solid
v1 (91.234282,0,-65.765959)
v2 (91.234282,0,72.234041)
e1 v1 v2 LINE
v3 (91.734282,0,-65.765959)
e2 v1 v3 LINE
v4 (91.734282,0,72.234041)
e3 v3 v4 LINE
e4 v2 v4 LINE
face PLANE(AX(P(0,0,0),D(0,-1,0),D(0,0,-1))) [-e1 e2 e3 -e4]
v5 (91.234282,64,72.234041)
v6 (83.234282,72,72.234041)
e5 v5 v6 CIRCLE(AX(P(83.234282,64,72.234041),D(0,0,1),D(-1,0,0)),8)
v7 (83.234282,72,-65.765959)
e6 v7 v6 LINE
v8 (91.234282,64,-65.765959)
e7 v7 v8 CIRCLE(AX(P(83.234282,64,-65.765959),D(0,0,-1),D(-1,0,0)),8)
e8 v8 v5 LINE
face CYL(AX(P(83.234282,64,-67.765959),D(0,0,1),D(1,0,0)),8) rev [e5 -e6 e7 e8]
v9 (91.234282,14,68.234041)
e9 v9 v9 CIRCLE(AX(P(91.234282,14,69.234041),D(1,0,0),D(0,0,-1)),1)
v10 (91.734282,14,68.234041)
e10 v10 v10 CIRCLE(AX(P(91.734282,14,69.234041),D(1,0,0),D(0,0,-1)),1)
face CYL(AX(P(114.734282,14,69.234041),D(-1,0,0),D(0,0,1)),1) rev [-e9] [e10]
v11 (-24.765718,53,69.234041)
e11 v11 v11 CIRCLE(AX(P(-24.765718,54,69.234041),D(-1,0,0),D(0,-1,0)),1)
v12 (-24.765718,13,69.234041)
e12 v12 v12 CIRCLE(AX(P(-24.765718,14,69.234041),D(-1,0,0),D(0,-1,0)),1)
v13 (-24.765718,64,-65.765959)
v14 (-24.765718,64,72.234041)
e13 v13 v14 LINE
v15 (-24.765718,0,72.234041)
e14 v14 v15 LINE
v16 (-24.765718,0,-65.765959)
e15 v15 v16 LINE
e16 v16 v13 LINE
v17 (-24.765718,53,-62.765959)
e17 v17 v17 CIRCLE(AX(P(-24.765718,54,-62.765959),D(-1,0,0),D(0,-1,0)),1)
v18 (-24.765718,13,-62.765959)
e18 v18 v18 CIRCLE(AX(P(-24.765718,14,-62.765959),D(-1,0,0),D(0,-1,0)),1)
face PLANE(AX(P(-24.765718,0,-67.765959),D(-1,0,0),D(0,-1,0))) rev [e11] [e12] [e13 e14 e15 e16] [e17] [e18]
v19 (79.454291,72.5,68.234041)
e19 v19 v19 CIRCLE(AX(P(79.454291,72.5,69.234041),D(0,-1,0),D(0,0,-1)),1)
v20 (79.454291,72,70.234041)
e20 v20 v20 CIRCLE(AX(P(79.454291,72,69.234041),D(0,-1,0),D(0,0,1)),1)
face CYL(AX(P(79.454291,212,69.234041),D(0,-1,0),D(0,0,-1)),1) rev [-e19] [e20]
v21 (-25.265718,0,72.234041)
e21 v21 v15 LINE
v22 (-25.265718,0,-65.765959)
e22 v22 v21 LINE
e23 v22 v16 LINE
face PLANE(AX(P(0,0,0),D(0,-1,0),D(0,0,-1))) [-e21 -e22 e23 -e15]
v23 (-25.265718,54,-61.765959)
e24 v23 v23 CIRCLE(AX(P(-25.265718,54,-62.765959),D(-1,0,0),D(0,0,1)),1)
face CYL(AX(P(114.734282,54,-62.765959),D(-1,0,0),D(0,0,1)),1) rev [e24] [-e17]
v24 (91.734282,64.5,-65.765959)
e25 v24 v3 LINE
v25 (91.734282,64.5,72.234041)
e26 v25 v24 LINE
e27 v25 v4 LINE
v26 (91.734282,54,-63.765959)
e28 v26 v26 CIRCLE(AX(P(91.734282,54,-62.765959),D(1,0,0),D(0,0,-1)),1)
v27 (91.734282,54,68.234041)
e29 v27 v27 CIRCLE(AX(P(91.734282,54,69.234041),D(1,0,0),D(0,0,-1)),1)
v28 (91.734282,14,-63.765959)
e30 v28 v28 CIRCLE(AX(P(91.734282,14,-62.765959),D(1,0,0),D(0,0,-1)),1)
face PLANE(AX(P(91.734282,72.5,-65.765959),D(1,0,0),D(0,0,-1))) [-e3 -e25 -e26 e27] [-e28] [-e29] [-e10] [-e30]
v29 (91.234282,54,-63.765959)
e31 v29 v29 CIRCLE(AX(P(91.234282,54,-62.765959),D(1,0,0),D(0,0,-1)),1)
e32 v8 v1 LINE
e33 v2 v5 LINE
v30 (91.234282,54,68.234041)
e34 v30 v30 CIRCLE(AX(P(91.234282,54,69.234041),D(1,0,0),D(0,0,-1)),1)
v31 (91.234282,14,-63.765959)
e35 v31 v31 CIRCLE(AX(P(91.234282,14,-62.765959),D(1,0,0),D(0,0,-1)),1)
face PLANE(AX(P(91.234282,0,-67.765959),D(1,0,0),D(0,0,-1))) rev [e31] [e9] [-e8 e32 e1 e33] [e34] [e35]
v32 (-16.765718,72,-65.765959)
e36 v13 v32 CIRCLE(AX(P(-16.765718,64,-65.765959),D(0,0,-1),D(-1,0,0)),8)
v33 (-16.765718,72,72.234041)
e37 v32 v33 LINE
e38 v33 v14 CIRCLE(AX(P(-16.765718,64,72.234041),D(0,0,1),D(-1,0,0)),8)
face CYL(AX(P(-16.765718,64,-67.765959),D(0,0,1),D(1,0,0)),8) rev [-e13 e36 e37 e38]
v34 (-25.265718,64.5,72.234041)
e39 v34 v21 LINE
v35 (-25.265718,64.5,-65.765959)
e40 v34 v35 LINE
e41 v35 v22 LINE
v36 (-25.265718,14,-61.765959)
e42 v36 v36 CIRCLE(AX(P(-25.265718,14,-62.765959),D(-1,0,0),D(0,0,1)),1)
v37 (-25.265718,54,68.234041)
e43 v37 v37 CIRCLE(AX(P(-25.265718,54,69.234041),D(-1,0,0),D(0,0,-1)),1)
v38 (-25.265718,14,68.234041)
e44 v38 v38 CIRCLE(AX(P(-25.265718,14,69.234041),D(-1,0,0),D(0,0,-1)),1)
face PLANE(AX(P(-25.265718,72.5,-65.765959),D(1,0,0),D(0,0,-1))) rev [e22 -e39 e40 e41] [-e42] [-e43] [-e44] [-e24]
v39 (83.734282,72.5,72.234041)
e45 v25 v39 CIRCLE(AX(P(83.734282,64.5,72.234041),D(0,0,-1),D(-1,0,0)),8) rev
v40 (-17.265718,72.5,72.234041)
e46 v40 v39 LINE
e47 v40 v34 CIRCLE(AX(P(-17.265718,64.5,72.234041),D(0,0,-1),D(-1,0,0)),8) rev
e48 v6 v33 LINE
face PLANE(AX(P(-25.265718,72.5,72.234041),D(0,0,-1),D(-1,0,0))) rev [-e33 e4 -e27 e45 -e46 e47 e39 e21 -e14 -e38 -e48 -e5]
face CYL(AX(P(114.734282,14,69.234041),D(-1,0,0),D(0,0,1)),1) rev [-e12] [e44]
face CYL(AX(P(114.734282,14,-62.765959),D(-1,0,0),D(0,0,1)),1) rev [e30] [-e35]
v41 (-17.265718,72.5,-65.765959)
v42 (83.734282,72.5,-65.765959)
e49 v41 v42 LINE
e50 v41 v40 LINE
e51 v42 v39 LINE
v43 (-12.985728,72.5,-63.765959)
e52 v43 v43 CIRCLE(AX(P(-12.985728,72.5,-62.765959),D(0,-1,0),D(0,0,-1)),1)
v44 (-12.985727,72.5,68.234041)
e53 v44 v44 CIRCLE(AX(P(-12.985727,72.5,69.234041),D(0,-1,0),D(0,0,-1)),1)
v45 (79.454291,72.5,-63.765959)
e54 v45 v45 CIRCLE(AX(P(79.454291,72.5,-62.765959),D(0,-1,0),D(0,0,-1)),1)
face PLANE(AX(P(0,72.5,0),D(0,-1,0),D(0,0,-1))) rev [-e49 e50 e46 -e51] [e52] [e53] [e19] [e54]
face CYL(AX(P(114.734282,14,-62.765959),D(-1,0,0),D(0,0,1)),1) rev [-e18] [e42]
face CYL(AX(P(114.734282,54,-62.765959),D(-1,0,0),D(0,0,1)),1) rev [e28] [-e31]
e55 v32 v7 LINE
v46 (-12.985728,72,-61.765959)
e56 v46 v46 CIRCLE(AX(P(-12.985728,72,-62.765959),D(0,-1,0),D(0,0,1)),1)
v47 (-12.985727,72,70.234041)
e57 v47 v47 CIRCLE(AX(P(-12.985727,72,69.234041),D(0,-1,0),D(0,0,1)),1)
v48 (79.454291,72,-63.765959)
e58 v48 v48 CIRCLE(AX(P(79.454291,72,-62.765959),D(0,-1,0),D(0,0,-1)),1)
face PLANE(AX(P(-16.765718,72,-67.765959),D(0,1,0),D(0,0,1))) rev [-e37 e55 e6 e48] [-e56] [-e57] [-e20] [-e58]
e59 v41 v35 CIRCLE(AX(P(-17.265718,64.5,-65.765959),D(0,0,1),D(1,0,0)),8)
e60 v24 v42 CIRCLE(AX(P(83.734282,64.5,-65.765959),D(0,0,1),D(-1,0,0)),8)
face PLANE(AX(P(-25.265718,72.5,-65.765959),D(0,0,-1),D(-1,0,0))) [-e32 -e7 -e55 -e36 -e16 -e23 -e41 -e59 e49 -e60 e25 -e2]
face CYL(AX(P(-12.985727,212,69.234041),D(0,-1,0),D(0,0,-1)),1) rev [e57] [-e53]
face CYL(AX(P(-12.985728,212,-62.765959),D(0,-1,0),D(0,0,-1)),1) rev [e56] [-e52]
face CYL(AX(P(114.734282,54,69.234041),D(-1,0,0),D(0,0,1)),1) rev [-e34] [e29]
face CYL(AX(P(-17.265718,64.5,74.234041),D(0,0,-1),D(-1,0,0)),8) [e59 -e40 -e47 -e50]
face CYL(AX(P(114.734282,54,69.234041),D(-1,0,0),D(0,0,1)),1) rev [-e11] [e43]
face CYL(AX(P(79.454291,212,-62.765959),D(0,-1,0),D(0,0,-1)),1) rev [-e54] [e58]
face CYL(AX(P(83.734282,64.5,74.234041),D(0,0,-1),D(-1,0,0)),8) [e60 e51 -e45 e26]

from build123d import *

# Parameters (mm, degrees)
SKETCH_1_W          = 117
SKETCH_1_H          = 138
EXTRUDE_1_DEPTH     = 72.5
CUT_EXTRUDE_1_DEPTH = 140
CUT_EXTRUDE_2_DEPTH = 140
SKETCH_6_R          = 1
CUT_EXTRUDE_5_DEPTH = 140
SKETCH_7_R          = 1
CUT_EXTRUDE_7_DEPTH = 140


with BuildPart() as part:
    # Эскиз1 → Бобышка-Вытянуть1 (new body)
    with BuildSketch(Plane(origin=(0, 0, 0), x_dir=(1, 0, 0), z_dir=(0, 1, 0))):
        with Locations((33.234281685, -3.234040823)):
            Rectangle(SKETCH_1_W, SKETCH_1_H)
    extrude(amount=EXTRUDE_1_DEPTH)

    # Эскиз2 → Вырез-Вытянуть1 (cut)
    with BuildSketch(Plane(origin=(0, 0, -65.765959177), x_dir=(-1, 0, 0), z_dir=(0, 0, -1))):
        with BuildLine():
            Line((-91.734281685, 64.5), (-91.734281685, 72.5))
            Line((-91.734281685, 72.5), (-83.734281685, 72.5))
            ThreePointArc((-83.734281685, 72.5), (-89.391135935, 70.156854249), (-91.734281685, 64.5))
        make_face()
        with BuildLine():
            Line((17.265718315, 72.5), (25.265718315, 72.5))
            Line((25.265718315, 72.5), (25.265718315, 64.5))
            ThreePointArc((25.265718315, 64.5), (22.922572564, 70.156854249), (17.265718315, 72.5))
        make_face()
    extrude(amount=-CUT_EXTRUDE_1_DEPTH, mode=Mode.SUBTRACT)

    # Эскиз3 → Вырез-Вытянуть2 (cut)
    with BuildSketch(Plane.XY.offset(72.234040823)):
        with BuildLine():
            Line((-24.765718315, 0), (91.234281685, 0))
            Line((91.234281685, 0), (91.234281685, 64))
            ThreePointArc((91.234281685, 64), (88.891135935, 69.656854249), (83.234281685, 72))
            Line((83.234281685, 72), (-16.765718315, 72))
            ThreePointArc((-16.765718315, 72), (-22.422572564, 69.656854249), (-24.765718315, 64))
            Line((-24.765718315, 64), (-24.765718315, 0))
        make_face()
    extrude(amount=-CUT_EXTRUDE_2_DEPTH, mode=Mode.SUBTRACT)

    # Эскиз6 → Вырез-Вытянуть5 (cut)
    with BuildSketch(Plane.ZY.offset(25.265718315)):
        with Locations((-62.765959177, 14)):
            Circle(SKETCH_6_R)
        with Locations(Location((69.234040823, 14, 0), (0, 0, 270))):
            Circle(SKETCH_6_R)
        with Locations((-62.765959177, 54)):
            Circle(SKETCH_6_R)
        with Locations(Location((69.234040823, 54, 0), (0, 0, 270))):
            Circle(SKETCH_6_R)
    extrude(amount=-CUT_EXTRUDE_5_DEPTH, mode=Mode.SUBTRACT)

    # Эскиз7 → Вырез-Вытянуть7 (cut)
    with BuildSketch(Plane(origin=(0, 72, 0), x_dir=(-1, 0, 0), z_dir=(0, -1, 0))):
        with Locations(Location((-79.454291209, 62.765959177, 0), (0, 0, 90))):
            Circle(SKETCH_7_R)
        with Locations((-582.904668668, 16.142688411)):
            Circle(SKETCH_7_R)
        with Locations(Location((12.9857274, -69.234040823, 0), (0, 0, 90))):
            Circle(SKETCH_7_R)
        with Locations(Location((-79.454291209, -69.234040823, 0), (0, 0, 90))):
            Circle(SKETCH_7_R)
        with Locations(Location((12.985727838, 62.765959177, 0), (0, 0, 90))):
            Circle(SKETCH_7_R)
    extrude(amount=-CUT_EXTRUDE_7_DEPTH, mode=Mode.SUBTRACT)


solid = part.part
